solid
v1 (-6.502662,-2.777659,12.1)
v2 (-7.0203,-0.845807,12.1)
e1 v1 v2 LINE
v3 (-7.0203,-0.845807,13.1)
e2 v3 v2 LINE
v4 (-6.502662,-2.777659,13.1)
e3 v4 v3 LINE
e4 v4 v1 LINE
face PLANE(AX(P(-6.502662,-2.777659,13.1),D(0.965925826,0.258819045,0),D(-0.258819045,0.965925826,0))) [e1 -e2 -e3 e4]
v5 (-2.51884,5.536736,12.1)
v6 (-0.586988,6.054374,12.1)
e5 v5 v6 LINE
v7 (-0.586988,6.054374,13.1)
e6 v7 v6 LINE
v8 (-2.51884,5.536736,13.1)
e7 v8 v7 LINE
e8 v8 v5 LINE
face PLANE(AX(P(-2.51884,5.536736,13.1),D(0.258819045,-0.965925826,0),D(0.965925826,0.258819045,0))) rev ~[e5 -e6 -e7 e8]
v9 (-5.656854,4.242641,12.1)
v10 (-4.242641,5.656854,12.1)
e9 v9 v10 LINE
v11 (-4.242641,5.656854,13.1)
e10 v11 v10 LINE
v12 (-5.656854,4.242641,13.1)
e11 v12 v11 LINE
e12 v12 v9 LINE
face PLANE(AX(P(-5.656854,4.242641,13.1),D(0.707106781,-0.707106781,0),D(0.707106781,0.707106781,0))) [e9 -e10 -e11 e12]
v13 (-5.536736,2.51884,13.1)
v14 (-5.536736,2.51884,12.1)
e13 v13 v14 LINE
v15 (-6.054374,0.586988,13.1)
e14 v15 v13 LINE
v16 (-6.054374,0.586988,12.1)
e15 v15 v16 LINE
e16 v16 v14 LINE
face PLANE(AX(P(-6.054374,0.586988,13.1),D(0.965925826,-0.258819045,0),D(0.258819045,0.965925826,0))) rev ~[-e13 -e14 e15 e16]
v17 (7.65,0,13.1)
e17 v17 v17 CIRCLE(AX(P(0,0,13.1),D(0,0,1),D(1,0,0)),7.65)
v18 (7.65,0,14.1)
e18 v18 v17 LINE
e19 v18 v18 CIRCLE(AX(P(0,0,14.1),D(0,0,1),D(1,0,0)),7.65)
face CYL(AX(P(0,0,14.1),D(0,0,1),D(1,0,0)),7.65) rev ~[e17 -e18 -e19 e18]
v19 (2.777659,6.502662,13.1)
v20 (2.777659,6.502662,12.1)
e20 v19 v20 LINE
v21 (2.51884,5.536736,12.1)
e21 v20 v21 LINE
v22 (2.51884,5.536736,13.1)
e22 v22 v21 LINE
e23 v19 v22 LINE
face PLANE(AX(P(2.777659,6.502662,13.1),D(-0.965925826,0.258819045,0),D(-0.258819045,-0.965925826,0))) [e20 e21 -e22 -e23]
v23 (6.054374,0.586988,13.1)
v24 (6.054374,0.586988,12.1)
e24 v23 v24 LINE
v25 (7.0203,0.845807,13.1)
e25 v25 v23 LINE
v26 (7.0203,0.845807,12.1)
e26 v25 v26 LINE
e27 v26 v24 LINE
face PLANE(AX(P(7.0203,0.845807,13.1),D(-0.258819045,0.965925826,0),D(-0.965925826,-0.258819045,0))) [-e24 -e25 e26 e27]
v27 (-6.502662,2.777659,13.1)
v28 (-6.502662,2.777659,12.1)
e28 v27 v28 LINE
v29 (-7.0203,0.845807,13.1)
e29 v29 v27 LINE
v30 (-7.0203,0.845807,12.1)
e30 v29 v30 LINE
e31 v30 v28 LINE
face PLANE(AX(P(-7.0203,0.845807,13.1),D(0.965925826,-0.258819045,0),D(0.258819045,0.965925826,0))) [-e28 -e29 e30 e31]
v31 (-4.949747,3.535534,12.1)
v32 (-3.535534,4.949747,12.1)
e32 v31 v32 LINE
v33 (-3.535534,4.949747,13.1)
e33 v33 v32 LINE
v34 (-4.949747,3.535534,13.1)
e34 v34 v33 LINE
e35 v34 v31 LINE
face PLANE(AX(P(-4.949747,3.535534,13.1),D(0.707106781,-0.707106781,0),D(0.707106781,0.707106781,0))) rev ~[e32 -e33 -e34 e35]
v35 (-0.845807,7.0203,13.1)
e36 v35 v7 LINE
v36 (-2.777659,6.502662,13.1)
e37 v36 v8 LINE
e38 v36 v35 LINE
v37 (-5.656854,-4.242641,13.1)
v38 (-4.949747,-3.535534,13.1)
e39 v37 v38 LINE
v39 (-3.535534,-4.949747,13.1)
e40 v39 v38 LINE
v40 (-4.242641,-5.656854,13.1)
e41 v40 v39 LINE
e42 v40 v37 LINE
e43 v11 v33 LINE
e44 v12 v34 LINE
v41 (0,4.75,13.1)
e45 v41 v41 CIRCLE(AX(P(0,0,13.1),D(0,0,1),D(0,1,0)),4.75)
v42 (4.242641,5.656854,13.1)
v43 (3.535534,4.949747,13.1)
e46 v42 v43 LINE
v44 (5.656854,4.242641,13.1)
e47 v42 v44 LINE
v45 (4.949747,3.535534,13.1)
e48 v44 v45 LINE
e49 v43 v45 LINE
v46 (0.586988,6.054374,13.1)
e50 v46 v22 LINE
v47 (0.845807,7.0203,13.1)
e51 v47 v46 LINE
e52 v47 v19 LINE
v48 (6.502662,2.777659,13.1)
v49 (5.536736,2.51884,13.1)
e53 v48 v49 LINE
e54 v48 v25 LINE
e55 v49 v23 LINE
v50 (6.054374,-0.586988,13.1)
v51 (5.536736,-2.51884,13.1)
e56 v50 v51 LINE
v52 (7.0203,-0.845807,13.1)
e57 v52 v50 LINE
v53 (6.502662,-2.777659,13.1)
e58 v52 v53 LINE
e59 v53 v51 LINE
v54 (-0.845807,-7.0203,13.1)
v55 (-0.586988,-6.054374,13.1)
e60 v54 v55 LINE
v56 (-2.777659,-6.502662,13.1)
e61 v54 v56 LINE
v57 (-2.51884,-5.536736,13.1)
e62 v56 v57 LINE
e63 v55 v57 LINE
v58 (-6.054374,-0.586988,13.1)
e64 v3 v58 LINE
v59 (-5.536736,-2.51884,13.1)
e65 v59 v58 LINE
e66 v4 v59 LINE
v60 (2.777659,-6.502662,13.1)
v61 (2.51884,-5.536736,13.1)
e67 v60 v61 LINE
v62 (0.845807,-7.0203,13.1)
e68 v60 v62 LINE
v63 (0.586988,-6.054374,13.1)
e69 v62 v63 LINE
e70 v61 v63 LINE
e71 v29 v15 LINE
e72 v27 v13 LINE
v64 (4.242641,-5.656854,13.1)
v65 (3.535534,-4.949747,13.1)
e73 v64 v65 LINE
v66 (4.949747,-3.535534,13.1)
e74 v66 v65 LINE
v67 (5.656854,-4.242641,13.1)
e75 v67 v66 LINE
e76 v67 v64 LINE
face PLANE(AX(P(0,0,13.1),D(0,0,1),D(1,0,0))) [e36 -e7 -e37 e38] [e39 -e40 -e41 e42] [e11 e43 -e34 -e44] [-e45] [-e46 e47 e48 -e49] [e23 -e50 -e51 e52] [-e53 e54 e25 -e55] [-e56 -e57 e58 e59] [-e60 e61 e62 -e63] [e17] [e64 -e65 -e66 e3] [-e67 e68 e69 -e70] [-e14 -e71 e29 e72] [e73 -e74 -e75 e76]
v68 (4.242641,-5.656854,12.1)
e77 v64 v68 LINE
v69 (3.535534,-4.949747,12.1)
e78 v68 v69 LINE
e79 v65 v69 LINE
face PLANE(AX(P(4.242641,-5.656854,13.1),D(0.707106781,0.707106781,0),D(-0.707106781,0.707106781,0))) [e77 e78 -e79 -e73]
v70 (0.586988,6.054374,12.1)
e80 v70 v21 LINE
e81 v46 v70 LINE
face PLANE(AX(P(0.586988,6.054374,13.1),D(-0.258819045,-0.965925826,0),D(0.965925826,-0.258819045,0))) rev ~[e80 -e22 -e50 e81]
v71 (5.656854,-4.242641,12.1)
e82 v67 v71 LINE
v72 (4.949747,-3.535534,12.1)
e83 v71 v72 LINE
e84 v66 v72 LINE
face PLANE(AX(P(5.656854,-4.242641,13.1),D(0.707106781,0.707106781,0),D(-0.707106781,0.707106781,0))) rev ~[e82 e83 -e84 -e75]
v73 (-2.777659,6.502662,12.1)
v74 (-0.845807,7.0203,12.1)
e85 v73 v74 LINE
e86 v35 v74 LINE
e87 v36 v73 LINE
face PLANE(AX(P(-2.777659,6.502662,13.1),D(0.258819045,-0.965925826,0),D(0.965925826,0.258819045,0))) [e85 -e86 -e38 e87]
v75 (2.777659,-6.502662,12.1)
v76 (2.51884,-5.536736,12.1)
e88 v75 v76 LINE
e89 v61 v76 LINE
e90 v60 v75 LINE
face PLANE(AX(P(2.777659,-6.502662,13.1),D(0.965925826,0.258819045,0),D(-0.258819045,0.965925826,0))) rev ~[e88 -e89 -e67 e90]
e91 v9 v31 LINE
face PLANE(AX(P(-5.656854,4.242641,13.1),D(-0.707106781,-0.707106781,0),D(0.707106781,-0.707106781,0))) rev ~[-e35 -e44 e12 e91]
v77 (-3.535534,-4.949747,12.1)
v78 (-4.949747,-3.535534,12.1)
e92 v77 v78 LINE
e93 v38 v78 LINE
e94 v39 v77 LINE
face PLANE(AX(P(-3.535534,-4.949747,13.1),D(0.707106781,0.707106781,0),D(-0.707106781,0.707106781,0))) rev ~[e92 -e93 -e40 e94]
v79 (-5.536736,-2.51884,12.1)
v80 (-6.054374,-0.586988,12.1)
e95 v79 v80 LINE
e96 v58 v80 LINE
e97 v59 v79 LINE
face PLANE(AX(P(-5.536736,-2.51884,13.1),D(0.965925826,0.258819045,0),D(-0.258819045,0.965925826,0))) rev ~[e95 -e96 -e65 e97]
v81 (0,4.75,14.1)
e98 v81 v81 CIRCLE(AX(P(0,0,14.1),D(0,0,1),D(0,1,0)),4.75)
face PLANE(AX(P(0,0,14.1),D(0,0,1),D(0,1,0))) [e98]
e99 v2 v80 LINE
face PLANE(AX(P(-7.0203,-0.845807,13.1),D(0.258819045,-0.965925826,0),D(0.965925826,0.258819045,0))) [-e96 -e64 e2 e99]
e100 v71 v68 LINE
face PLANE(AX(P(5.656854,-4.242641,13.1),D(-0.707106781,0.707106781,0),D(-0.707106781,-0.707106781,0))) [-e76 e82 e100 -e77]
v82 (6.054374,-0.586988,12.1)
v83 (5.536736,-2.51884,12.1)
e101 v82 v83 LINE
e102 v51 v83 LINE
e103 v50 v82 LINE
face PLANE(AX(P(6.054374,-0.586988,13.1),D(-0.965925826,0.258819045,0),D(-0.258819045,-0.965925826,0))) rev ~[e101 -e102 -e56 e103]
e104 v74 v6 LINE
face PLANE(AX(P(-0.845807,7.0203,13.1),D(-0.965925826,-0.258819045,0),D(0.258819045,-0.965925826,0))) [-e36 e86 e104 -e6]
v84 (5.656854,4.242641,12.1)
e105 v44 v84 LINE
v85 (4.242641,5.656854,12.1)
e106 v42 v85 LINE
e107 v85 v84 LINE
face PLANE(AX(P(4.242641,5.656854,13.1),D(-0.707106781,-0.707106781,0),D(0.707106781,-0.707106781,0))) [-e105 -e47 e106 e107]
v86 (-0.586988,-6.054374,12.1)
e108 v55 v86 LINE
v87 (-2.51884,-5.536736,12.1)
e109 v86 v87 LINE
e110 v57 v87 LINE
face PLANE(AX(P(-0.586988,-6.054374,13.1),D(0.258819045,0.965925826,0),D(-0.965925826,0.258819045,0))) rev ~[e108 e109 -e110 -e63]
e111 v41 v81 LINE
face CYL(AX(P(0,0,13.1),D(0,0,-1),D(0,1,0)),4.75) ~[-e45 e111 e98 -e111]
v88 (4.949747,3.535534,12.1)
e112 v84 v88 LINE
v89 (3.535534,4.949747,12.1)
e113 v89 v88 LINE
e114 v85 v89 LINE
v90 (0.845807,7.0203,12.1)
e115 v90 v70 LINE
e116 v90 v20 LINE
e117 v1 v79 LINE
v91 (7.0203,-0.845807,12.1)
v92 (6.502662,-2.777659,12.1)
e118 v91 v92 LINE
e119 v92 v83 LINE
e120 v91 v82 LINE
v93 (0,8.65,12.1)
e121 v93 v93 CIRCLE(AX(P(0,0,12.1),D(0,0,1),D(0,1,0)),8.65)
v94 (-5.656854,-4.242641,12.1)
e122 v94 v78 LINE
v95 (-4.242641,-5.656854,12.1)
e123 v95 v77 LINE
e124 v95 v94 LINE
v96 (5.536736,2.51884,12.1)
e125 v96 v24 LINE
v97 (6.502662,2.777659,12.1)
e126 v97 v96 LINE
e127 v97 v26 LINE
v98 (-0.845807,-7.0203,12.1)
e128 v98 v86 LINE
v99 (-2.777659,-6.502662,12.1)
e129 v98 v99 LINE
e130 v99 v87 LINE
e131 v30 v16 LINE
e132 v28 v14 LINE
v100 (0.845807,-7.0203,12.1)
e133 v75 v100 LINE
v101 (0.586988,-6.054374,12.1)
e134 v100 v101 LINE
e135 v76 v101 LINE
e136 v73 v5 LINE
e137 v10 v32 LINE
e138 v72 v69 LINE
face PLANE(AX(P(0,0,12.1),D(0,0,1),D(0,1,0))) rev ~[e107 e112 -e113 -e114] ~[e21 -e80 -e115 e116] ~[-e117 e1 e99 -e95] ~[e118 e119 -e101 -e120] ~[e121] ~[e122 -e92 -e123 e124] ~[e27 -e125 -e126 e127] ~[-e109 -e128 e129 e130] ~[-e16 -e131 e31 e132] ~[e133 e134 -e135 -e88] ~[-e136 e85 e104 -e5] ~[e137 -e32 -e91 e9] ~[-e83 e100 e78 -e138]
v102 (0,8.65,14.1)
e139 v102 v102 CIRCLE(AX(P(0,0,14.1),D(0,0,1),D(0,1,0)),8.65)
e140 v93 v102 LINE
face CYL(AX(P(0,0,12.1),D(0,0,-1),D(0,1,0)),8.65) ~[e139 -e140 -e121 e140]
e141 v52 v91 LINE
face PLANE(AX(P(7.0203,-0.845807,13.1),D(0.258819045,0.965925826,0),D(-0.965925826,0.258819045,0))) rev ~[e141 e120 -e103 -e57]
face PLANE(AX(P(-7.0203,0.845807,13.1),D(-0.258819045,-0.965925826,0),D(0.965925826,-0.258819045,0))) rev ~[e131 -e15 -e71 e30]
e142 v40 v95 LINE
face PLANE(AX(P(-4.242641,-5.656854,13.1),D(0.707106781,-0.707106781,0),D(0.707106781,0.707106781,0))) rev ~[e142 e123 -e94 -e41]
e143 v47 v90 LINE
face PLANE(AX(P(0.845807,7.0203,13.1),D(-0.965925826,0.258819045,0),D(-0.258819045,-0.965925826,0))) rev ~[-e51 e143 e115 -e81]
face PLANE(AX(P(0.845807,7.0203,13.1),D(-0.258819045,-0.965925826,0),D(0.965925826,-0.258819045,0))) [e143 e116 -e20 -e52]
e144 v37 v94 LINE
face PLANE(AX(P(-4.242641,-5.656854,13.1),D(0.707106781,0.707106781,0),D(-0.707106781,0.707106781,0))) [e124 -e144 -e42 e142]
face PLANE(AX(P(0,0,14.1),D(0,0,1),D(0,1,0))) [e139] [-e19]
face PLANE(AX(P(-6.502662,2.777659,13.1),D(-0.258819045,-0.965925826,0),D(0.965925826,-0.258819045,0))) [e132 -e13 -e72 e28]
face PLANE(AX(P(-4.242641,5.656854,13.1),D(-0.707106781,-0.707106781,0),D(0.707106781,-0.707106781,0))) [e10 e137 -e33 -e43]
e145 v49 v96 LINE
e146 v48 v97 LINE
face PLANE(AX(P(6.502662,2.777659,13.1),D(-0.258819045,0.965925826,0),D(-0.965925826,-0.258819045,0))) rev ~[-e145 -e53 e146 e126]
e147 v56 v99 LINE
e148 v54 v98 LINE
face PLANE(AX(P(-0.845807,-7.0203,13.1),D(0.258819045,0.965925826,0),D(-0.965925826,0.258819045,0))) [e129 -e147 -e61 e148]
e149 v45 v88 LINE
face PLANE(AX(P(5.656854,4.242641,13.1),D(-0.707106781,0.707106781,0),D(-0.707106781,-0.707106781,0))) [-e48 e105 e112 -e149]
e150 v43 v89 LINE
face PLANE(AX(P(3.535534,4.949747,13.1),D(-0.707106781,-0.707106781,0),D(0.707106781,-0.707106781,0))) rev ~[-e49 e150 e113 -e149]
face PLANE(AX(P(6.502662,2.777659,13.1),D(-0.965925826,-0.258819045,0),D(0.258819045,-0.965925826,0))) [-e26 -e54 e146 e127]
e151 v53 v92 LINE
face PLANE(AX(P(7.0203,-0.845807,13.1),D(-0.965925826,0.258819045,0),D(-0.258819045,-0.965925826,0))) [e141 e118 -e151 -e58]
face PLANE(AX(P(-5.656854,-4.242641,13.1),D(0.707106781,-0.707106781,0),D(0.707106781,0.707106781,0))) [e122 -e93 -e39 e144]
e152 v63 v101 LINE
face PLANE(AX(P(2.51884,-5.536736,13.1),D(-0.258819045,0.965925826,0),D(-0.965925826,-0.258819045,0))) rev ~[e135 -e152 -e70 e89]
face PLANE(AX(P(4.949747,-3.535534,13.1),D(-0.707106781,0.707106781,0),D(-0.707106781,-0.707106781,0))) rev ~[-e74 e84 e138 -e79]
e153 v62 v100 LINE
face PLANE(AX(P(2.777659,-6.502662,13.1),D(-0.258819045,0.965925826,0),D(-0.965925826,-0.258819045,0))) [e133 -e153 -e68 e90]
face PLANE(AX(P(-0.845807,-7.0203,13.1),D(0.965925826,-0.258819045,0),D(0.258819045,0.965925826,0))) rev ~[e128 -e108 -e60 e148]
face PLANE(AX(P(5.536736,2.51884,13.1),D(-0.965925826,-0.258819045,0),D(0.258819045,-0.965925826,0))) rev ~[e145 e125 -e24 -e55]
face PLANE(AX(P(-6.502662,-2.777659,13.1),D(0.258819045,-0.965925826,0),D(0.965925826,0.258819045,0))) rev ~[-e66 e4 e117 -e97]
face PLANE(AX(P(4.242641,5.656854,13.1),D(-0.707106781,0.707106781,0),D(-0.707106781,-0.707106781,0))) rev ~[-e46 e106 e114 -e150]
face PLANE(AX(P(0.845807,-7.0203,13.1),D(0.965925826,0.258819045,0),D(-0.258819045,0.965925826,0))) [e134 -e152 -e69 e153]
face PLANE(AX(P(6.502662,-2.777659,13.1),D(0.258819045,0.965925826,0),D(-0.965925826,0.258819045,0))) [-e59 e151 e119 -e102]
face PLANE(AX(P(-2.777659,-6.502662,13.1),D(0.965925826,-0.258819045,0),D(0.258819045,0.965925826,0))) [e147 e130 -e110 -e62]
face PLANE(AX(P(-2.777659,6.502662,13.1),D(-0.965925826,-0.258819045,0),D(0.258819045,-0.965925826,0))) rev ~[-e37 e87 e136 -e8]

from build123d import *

# Parameters (mm, degrees)
SKETCH004_R        = 8.65
PAD003_DEPTH       = 2
SKETCH005_R        = 7.65
POCKET_DEPTH       = 1
SKETCH006_W        = 1
SKETCH006_H        = 2
POCKET001_DEPTH    = 50.09601
POLARPATTERN_COUNT = 12
SKETCH007_R        = 4.75
PAD004_DEPTH       = 1


with BuildPart() as part:
    # Sketch004 → Pad003 (new body)
    with BuildSketch(Plane(origin=(0, 0, 12.1), x_dir=(0, 1, 0), z_dir=(0, 0, 1))):
        Circle(SKETCH004_R)
    extrude(amount=PAD003_DEPTH)

    # Sketch005 (on Face3 of Pad003) → Pocket (cut)
    with BuildSketch(Plane.XY.offset(14.1)):
        Circle(SKETCH005_R)
    extrude(amount=-POCKET_DEPTH, mode=Mode.SUBTRACT)

    # Sketch006 (on Face5 of Pocket) → Pocket001 (cut, through all)
    with BuildSketch(Plane(origin=(0, 0, 13.1), x_dir=(0.707107, 0.707107, 0), z_dir=(0, 0, 1))):
        with Locations((-6.5, 0)):
            Rectangle(SKETCH006_W, SKETCH006_H)
    pocket001 = extrude(amount=-POCKET001_DEPTH, mode=Mode.SUBTRACT)

    # PolarPattern: Pocket001 ×12 about axis
    polarpattern_axis = Axis((0, 0, 13.1), (0, 0, 1))
    for i in range(1, POLARPATTERN_COUNT):
        add(pocket001.rotate(polarpattern_axis, i * 360 / POLARPATTERN_COUNT), mode=Mode.SUBTRACT)

    # Sketch007 (on Face53 of PolarPattern) → Pad004 (join)
    with BuildSketch(Plane(origin=(0, 0, 13.1), x_dir=(0, 1, 0), z_dir=(0, 0, 1))):
        Circle(SKETCH007_R)
    extrude(amount=PAD004_DEPTH)


solid = part.part
